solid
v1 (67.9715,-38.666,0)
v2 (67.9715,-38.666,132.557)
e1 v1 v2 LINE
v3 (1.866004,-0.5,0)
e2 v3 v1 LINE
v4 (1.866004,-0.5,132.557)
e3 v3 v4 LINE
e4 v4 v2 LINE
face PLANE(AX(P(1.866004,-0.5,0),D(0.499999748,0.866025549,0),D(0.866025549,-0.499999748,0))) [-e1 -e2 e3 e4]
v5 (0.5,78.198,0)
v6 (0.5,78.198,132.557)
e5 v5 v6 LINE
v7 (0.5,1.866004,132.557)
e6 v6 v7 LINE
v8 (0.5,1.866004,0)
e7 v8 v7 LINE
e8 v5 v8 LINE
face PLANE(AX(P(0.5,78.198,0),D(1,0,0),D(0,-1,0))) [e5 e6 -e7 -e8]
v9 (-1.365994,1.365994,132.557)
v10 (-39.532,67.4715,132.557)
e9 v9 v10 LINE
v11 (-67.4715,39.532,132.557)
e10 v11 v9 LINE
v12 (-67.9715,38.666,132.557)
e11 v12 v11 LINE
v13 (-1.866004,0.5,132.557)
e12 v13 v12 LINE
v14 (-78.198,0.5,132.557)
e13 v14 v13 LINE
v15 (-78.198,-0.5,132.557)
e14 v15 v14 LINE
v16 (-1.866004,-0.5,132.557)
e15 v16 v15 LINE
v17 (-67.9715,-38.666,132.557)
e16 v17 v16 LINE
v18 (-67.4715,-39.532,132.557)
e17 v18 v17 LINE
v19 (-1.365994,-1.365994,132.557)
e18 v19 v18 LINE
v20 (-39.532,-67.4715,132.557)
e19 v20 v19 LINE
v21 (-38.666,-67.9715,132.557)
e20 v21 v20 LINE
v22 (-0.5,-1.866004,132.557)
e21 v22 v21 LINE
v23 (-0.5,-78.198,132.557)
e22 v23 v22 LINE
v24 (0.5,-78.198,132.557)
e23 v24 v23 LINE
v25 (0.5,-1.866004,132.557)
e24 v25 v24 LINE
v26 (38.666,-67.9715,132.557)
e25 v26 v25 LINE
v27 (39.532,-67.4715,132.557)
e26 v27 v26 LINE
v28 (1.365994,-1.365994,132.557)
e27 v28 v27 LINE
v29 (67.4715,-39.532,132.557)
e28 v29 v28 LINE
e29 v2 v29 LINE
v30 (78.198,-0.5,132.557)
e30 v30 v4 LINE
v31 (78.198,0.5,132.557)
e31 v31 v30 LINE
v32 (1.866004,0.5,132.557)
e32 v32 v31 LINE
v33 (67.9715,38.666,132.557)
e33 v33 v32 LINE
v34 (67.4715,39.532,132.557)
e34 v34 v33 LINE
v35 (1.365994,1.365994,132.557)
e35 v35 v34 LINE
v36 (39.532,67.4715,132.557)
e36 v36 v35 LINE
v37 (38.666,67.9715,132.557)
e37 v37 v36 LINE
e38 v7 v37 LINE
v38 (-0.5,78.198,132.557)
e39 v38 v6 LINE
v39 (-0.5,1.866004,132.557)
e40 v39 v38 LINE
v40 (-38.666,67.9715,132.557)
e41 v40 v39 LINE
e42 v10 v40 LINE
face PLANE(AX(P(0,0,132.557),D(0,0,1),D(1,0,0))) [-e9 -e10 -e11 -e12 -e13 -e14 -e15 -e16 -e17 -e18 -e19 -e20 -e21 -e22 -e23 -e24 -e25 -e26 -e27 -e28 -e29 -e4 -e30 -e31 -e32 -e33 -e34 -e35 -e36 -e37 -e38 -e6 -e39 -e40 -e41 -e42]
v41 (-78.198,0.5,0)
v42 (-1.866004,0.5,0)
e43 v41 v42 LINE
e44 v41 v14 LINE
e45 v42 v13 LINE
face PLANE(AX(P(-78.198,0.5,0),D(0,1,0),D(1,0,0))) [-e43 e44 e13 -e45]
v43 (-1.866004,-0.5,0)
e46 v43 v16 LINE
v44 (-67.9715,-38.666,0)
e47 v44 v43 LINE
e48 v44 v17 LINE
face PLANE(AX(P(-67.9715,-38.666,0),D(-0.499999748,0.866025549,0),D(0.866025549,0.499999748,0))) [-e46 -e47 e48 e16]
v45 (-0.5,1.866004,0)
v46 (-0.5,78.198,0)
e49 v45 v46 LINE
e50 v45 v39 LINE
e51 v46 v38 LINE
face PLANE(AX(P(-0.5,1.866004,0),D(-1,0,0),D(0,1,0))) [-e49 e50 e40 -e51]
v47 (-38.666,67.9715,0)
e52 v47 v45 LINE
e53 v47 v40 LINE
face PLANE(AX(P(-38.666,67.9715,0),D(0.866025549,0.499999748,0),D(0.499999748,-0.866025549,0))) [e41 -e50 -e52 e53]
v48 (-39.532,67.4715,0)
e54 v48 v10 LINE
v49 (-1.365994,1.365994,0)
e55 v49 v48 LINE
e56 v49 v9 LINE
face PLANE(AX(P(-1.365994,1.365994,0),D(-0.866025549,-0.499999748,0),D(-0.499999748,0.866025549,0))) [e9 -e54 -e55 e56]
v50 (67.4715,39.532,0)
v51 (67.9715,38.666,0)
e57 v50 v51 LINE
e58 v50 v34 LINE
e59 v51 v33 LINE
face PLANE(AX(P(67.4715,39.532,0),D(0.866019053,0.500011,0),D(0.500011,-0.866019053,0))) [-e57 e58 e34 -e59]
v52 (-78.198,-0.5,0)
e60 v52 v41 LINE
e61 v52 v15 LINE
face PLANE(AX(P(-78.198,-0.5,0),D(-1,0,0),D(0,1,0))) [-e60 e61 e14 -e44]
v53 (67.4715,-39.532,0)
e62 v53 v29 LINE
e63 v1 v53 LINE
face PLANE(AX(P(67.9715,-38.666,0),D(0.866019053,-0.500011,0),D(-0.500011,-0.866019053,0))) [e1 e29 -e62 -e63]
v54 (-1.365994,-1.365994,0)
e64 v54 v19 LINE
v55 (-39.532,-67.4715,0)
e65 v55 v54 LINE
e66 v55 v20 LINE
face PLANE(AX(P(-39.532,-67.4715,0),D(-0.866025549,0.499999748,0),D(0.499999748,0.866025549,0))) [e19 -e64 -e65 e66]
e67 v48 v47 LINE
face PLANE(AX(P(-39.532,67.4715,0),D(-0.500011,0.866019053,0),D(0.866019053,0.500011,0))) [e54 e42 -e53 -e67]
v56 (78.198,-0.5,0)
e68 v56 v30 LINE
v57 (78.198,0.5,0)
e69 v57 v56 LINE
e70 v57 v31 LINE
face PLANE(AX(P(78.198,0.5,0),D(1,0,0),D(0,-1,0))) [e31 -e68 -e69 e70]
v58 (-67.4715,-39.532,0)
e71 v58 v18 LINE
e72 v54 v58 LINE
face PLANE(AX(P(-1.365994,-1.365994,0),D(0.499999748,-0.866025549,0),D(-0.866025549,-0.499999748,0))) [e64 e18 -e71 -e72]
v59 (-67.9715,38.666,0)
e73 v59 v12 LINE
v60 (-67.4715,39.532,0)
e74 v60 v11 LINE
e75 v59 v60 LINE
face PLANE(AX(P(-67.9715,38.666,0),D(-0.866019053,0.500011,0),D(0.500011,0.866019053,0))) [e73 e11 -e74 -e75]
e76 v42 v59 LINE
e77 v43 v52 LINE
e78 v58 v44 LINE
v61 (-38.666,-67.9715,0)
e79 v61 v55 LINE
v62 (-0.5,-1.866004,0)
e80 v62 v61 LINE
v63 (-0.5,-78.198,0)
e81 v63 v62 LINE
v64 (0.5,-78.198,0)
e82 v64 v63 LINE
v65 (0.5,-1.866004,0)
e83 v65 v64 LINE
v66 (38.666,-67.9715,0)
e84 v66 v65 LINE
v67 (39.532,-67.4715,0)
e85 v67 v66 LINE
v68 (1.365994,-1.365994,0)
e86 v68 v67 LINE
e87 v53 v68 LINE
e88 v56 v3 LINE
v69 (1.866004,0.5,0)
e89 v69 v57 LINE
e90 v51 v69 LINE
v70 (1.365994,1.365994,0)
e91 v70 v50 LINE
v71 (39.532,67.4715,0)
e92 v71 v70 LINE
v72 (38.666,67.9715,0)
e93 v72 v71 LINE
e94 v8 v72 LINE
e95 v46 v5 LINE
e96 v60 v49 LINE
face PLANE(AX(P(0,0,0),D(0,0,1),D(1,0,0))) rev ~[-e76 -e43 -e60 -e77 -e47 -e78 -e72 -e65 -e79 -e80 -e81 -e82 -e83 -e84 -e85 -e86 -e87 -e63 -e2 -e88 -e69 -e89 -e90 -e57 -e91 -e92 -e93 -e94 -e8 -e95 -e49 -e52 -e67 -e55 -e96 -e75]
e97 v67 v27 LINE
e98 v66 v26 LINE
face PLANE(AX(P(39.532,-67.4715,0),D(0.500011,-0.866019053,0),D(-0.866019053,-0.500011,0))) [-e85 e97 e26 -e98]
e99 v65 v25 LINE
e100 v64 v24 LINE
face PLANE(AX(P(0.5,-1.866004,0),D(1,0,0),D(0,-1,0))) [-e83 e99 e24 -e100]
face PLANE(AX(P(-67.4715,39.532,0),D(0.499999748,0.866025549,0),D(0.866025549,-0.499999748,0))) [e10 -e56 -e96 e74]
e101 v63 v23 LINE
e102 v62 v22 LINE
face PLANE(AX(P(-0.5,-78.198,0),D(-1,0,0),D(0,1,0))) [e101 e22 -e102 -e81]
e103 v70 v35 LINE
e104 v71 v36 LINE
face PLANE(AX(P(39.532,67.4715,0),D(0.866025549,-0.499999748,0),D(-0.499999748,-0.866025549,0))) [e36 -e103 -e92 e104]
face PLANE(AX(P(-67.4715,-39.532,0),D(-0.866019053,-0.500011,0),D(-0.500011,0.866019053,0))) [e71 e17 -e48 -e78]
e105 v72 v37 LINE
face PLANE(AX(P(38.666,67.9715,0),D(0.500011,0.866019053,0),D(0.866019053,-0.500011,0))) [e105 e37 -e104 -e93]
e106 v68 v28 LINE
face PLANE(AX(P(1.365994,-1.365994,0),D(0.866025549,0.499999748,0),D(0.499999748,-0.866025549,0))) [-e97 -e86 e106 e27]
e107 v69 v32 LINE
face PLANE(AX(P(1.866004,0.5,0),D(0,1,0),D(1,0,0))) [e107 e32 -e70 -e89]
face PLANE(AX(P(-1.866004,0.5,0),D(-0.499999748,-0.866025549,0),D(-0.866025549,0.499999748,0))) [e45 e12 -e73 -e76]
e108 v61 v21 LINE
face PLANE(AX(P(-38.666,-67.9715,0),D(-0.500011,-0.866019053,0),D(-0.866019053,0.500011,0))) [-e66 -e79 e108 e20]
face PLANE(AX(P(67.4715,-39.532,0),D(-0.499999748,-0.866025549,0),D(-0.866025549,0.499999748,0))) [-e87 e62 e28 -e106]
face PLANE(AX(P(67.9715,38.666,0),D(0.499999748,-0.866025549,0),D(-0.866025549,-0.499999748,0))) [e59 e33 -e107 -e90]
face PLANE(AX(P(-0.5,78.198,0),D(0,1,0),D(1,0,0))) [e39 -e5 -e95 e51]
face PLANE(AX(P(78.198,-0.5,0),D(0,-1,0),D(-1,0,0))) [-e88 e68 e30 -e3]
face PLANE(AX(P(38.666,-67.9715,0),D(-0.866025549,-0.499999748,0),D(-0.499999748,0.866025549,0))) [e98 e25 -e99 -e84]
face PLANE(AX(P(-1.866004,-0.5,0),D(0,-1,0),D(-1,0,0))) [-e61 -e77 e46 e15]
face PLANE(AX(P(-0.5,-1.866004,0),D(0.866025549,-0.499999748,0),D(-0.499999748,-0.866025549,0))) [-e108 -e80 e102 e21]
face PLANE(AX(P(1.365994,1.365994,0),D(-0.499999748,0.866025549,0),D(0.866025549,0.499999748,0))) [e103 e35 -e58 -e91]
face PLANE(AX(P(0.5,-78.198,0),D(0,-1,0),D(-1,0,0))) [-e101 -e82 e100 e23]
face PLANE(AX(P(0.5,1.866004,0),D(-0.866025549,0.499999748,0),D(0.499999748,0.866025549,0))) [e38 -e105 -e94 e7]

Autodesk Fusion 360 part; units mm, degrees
sketch "Sketch1" plane through (0, 0, 0) normal (0, 0, 1) x (1, 0, 0)
  line L0 (-78.198, 0.5) -> (78.198, 0.5)
  line L1 (78.198, 0.5) -> (78.198, -0.5)
  line L2 (78.198, -0.5) -> (-78.198, -0.5)
  line L3 (-78.198, -0.5) -> (-78.198, 0.5)
  line L4 (-78.198, 0.5) -> (78.198, -0.5) construction
  line L5 (78.198, 0.5) -> (-78.198, -0.5) construction
  line L6 (-67.4715, -39.532) -> (-67.9715, -38.666)
  line L7 (-67.9715, -38.666) -> (67.9715, 38.666) construction
  line L8 (67.4715, 39.532) -> (67.9715, 38.666)
  line L9 (67.9715, 38.666) -> (-67.4715, -39.532)
  line L10 (-67.9715, -38.666) -> (67.4715, 39.532)
  line L11 (67.4715, 39.532) -> (-67.4715, -39.532) construction
  line L12 (-38.666, -67.9715) -> (-39.532, -67.4715)
  line L13 (-39.532, -67.4715) -> (39.532, 67.4715) construction
  line L14 (38.666, 67.9715) -> (39.532, 67.4715)
  line L15 (39.532, 67.4715) -> (-38.666, -67.9715)
  line L16 (-39.532, -67.4715) -> (38.666, 67.9715)
  line L17 (38.666, 67.9715) -> (-38.666, -67.9715) construction
  line L18 (0.5, -78.198) -> (-0.5, -78.198)
  line L19 (-0.5, -78.198) -> (0.5, 78.198) construction
  line L20 (-0.5, 78.198) -> (0.5, 78.198)
  line L21 (0.5, 78.198) -> (0.5, -78.198)
  line L22 (-0.5, -78.198) -> (-0.5, 78.198)
  line L23 (-0.5, 78.198) -> (0.5, -78.198) construction
  line L24 (39.532, -67.4715) -> (38.666, -67.9715)
  line L25 (38.666, -67.9715) -> (-38.666, 67.9715) construction
  line L26 (-39.532, 67.4715) -> (-38.666, 67.9715)
  line L27 (-38.666, 67.9715) -> (39.532, -67.4715)
  line L28 (38.666, -67.9715) -> (-39.532, 67.4715)
  line L29 (-39.532, 67.4715) -> (39.532, -67.4715) construction
  line L30 (67.9715, -38.666) -> (67.4715, -39.532)
  line L31 (67.4715, -39.532) -> (-67.4715, 39.532) construction
  line L32 (-67.9715, 38.666) -> (-67.4715, 39.532)
  line L33 (-67.4715, 39.532) -> (67.9715, -38.666)
  line L34 (67.4715, -39.532) -> (-67.9715, 38.666)
  line L35 (-67.9715, 38.666) -> (67.9715, -38.666) construction
  line L36 (78.198, 0.5) -> (78.198, -0.5)
  line L37 (78.198, -0.5) -> (-78.198, 0.5) construction
  line L38 (-78.198, -0.5) -> (-78.198, 0.5)
  line L39 (-78.198, 0.5) -> (78.198, 0.5)
  line L40 (78.198, -0.5) -> (-78.198, -0.5)
  line L41 (-78.198, -0.5) -> (78.198, 0.5) construction
  line L42 (67.4715, 39.532) -> (67.9715, 38.666)
  line L43 (67.9715, 38.666) -> (-67.9715, -38.666) construction
  line L44 (-67.4715, -39.532) -> (-67.9715, -38.666)
  line L45 (-67.9715, -38.666) -> (67.4715, 39.532)
  line L46 (67.9715, 38.666) -> (-67.4715, -39.532)
  line L47 (-67.4715, -39.532) -> (67.4715, 39.532) construction
  line L48 (38.666, 67.9715) -> (39.532, 67.4715)
  line L49 (39.532, 67.4715) -> (-39.532, -67.4715) construction
  line L50 (-38.666, -67.9715) -> (-39.532, -67.4715)
  line L51 (-39.532, -67.4715) -> (38.666, 67.9715)
  line L52 (39.532, 67.4715) -> (-38.666, -67.9715)
  line L53 (-38.666, -67.9715) -> (38.666, 67.9715) construction
  line L54 (-0.5, 78.198) -> (0.5, 78.198)
  line L55 (0.5, 78.198) -> (-0.5, -78.198) construction
  line L56 (0.5, -78.198) -> (-0.5, -78.198)
  line L57 (-0.5, -78.198) -> (-0.5, 78.198)
  line L58 (0.5, 78.198) -> (0.5, -78.198)
  line L59 (0.5, -78.198) -> (-0.5, 78.198) construction
  line L60 (-39.532, 67.4715) -> (-38.666, 67.9715)
  line L61 (-38.666, 67.9715) -> (38.666, -67.9715) construction
  line L62 (39.532, -67.4715) -> (38.666, -67.9715)
  line L63 (38.666, -67.9715) -> (-39.532, 67.4715)
  line L64 (-38.666, 67.9715) -> (39.532, -67.4715)
  line L65 (39.532, -67.4715) -> (-39.532, 67.4715) construction
  line L66 (-67.9715, 38.666) -> (-67.4715, 39.532)
  line L67 (-67.4715, 39.532) -> (67.4715, -39.532) construction
  line L68 (67.9715, -38.666) -> (67.4715, -39.532)
  line L69 (67.4715, -39.532) -> (-67.9715, 38.666)
  line L70 (-67.4715, 39.532) -> (67.9715, -38.666)
  line L71 (67.9715, -38.666) -> (-67.9715, 38.666) construction
  dimension "d1" = 1
  dimension "d3" = 360
extrude "Extrude1" add sketch "Sketch1" along normal blind 132.557
